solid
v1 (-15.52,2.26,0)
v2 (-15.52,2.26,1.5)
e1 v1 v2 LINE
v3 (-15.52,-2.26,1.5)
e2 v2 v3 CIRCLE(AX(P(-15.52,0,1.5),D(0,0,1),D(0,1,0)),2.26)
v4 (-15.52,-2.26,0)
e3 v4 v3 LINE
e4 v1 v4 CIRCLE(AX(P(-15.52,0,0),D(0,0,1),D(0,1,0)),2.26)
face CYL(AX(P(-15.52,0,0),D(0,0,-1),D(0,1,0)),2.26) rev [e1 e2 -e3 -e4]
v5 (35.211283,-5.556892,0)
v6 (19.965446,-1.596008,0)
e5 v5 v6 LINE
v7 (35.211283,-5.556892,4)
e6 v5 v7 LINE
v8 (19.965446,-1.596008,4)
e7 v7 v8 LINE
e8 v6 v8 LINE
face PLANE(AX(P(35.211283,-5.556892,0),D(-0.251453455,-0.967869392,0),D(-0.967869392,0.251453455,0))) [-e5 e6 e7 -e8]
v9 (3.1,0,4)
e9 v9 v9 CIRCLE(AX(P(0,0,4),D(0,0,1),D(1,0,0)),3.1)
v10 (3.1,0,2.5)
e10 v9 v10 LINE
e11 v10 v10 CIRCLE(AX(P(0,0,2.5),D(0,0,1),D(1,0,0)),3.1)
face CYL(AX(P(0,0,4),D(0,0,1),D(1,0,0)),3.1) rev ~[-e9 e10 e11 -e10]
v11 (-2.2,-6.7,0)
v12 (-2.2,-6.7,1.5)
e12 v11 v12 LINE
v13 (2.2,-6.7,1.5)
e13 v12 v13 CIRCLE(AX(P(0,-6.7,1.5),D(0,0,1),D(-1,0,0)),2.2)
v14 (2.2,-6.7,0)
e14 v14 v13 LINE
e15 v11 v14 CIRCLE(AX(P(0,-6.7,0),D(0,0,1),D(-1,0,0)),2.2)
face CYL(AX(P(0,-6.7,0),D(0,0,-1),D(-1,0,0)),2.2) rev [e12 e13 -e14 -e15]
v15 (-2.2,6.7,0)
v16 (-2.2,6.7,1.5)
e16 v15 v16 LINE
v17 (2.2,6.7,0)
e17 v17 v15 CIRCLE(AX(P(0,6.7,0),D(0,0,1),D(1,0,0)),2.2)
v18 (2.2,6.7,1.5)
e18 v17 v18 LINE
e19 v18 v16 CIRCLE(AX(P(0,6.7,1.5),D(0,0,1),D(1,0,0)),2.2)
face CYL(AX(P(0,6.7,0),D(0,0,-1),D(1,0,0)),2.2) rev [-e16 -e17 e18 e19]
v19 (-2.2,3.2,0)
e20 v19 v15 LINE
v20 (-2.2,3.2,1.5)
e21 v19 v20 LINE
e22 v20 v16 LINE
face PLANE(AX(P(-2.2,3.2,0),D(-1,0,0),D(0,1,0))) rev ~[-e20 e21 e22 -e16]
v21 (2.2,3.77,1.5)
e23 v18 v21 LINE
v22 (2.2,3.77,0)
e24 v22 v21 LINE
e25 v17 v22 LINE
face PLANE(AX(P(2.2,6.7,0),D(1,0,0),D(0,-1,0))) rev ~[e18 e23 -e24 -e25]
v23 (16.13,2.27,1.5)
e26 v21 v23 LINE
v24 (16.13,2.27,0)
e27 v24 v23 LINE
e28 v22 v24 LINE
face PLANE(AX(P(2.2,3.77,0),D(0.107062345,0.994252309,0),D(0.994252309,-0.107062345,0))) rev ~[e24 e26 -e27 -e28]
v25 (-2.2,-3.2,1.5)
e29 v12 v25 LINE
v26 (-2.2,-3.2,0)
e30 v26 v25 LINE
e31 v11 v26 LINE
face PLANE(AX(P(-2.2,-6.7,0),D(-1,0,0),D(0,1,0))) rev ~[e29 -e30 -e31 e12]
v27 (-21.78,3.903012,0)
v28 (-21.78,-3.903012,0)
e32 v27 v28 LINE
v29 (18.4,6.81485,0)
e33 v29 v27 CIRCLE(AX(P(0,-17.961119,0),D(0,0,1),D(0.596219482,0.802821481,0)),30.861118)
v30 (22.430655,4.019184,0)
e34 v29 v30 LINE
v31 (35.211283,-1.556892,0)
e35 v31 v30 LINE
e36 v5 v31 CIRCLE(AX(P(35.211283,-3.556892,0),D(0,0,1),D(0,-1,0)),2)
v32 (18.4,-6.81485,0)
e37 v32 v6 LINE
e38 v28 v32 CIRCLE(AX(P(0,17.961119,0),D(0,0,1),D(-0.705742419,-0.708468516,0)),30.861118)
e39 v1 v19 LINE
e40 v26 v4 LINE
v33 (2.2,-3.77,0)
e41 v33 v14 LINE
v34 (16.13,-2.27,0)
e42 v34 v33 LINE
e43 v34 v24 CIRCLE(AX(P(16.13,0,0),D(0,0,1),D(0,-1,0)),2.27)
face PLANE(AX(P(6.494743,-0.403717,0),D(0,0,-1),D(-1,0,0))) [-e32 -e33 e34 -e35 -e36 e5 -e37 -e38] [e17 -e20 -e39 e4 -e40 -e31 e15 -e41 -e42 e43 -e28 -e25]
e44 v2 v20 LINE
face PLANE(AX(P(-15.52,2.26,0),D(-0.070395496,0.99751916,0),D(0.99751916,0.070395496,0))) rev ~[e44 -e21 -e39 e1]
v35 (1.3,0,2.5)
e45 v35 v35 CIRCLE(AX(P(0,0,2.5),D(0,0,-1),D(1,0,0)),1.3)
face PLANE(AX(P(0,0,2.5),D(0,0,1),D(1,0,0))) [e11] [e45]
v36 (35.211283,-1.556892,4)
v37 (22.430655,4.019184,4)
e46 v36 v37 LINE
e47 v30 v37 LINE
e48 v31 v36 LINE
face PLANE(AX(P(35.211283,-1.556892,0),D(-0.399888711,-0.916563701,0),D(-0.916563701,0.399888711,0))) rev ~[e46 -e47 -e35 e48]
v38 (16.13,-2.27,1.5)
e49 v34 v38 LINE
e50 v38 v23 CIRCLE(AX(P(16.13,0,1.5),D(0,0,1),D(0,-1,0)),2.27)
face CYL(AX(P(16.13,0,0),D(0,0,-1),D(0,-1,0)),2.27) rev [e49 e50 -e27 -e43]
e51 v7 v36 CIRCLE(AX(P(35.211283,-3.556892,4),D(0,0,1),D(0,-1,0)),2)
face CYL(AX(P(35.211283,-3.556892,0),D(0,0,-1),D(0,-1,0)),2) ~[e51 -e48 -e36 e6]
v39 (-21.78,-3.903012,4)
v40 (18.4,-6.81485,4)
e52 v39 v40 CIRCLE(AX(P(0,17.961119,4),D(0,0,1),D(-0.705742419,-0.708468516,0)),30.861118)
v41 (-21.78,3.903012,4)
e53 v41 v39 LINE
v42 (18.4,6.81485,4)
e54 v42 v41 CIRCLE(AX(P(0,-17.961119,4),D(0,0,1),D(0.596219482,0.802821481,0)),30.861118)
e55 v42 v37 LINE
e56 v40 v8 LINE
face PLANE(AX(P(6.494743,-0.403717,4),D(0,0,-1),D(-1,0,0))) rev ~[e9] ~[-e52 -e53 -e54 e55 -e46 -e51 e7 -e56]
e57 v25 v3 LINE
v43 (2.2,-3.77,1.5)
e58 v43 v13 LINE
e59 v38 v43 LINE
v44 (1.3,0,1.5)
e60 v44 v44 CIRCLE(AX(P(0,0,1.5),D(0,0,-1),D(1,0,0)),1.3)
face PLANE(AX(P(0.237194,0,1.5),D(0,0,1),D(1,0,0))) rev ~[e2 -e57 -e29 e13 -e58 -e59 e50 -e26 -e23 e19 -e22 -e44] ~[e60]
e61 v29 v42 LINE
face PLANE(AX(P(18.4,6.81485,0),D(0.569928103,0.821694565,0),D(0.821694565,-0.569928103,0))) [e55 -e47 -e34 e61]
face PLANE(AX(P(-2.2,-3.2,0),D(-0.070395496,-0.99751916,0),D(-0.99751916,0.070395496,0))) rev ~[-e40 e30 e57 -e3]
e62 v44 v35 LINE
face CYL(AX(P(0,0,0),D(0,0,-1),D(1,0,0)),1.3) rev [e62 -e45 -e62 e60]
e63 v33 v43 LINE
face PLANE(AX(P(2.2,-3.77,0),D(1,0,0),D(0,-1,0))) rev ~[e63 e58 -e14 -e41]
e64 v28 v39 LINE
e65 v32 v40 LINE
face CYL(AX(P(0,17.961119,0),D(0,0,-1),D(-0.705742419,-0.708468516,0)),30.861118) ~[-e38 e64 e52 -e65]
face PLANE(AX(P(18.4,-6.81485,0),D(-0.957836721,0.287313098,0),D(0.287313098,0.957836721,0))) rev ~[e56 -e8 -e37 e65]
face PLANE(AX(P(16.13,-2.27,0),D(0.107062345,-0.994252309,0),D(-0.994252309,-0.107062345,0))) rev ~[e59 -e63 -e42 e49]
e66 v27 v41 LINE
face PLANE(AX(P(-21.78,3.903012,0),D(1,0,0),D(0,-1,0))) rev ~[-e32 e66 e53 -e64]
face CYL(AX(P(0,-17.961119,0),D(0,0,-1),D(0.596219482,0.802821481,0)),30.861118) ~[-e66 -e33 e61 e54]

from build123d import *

# Parameters (mm, degrees)
PAD_DEPTH       = 4
POCKET_DEPTH    = 1.5
SKETCH002_R     = 3.1
POCKET001_DEPTH = 1.5
SKETCH003_R     = 1.3
POCKET002_DEPTH = 4.001


with BuildPart() as part:
    # Sketch001 → Pad (new body)
    with BuildSketch(Plane.XY):
        with BuildLine():
            Line((-21.78, 0), (-21.78, 3.903012))
            ThreePointArc((18.4, 6.81485), (-2.23065, 12.819278), (-21.78, 3.903012))
            Line((18.4, 6.81485), (22.430655, 4.019184))
            Line((35.211283, -1.556892), (22.430655, 4.019184))
            ThreePointArc((35.211283, -5.556892), (37.211283, -3.556892), (35.211283, -1.556892))
            Line((35.211283, -5.556892), (19.965446, -1.596008))
            Line((18.4, -6.81485), (19.965446, -1.596008))
            ThreePointArc((-21.78, -3.903012), (-2.23065, -12.819278), (18.4, -6.81485))
            Line((-21.78, 0), (-21.78, -3.903012))
        make_face()
    extrude(amount=PAD_DEPTH)

    # Sketch → Pocket (cut)
    with BuildSketch(Plane.XY):
        with BuildLine():
            ThreePointArc((2.2, 6.7), (0, 8.9), (-2.2, 6.7))
            Line((-2.2, 3.2), (-2.2, 6.7))
            Line((-15.52, 2.26), (-2.2, 3.2))
            ThreePointArc((-15.52, 2.26), (-17.78, 0), (-15.52, -2.26))
            Line((-2.2, -3.2), (-15.52, -2.26))
            Line((-2.2, -6.7), (-2.2, -3.2))
            ThreePointArc((-2.2, -6.7), (0, -8.9), (2.2, -6.7))
            Line((2.2, -3.77), (2.2, -6.7))
            Line((16.13, -2.27), (2.2, -3.77))
            ThreePointArc((16.13, -2.27), (18.4, 0), (16.13, 2.27))
            Line((2.2, 3.77), (16.13, 2.27))
            Line((2.2, 6.7), (2.2, 3.77))
        make_face()
    extrude(amount=POCKET_DEPTH, mode=Mode.SUBTRACT)

    # Sketch002 → Pocket001 (cut)
    with BuildSketch(Plane.XY.offset(4)):
        Circle(SKETCH002_R)
    extrude(amount=-POCKET001_DEPTH, mode=Mode.SUBTRACT)

    # Sketch003 → Pocket002 (cut, through all)
    with BuildSketch(Plane.XY):
        Circle(SKETCH003_R)
    extrude(amount=POCKET002_DEPTH, mode=Mode.SUBTRACT)


solid = part.part
